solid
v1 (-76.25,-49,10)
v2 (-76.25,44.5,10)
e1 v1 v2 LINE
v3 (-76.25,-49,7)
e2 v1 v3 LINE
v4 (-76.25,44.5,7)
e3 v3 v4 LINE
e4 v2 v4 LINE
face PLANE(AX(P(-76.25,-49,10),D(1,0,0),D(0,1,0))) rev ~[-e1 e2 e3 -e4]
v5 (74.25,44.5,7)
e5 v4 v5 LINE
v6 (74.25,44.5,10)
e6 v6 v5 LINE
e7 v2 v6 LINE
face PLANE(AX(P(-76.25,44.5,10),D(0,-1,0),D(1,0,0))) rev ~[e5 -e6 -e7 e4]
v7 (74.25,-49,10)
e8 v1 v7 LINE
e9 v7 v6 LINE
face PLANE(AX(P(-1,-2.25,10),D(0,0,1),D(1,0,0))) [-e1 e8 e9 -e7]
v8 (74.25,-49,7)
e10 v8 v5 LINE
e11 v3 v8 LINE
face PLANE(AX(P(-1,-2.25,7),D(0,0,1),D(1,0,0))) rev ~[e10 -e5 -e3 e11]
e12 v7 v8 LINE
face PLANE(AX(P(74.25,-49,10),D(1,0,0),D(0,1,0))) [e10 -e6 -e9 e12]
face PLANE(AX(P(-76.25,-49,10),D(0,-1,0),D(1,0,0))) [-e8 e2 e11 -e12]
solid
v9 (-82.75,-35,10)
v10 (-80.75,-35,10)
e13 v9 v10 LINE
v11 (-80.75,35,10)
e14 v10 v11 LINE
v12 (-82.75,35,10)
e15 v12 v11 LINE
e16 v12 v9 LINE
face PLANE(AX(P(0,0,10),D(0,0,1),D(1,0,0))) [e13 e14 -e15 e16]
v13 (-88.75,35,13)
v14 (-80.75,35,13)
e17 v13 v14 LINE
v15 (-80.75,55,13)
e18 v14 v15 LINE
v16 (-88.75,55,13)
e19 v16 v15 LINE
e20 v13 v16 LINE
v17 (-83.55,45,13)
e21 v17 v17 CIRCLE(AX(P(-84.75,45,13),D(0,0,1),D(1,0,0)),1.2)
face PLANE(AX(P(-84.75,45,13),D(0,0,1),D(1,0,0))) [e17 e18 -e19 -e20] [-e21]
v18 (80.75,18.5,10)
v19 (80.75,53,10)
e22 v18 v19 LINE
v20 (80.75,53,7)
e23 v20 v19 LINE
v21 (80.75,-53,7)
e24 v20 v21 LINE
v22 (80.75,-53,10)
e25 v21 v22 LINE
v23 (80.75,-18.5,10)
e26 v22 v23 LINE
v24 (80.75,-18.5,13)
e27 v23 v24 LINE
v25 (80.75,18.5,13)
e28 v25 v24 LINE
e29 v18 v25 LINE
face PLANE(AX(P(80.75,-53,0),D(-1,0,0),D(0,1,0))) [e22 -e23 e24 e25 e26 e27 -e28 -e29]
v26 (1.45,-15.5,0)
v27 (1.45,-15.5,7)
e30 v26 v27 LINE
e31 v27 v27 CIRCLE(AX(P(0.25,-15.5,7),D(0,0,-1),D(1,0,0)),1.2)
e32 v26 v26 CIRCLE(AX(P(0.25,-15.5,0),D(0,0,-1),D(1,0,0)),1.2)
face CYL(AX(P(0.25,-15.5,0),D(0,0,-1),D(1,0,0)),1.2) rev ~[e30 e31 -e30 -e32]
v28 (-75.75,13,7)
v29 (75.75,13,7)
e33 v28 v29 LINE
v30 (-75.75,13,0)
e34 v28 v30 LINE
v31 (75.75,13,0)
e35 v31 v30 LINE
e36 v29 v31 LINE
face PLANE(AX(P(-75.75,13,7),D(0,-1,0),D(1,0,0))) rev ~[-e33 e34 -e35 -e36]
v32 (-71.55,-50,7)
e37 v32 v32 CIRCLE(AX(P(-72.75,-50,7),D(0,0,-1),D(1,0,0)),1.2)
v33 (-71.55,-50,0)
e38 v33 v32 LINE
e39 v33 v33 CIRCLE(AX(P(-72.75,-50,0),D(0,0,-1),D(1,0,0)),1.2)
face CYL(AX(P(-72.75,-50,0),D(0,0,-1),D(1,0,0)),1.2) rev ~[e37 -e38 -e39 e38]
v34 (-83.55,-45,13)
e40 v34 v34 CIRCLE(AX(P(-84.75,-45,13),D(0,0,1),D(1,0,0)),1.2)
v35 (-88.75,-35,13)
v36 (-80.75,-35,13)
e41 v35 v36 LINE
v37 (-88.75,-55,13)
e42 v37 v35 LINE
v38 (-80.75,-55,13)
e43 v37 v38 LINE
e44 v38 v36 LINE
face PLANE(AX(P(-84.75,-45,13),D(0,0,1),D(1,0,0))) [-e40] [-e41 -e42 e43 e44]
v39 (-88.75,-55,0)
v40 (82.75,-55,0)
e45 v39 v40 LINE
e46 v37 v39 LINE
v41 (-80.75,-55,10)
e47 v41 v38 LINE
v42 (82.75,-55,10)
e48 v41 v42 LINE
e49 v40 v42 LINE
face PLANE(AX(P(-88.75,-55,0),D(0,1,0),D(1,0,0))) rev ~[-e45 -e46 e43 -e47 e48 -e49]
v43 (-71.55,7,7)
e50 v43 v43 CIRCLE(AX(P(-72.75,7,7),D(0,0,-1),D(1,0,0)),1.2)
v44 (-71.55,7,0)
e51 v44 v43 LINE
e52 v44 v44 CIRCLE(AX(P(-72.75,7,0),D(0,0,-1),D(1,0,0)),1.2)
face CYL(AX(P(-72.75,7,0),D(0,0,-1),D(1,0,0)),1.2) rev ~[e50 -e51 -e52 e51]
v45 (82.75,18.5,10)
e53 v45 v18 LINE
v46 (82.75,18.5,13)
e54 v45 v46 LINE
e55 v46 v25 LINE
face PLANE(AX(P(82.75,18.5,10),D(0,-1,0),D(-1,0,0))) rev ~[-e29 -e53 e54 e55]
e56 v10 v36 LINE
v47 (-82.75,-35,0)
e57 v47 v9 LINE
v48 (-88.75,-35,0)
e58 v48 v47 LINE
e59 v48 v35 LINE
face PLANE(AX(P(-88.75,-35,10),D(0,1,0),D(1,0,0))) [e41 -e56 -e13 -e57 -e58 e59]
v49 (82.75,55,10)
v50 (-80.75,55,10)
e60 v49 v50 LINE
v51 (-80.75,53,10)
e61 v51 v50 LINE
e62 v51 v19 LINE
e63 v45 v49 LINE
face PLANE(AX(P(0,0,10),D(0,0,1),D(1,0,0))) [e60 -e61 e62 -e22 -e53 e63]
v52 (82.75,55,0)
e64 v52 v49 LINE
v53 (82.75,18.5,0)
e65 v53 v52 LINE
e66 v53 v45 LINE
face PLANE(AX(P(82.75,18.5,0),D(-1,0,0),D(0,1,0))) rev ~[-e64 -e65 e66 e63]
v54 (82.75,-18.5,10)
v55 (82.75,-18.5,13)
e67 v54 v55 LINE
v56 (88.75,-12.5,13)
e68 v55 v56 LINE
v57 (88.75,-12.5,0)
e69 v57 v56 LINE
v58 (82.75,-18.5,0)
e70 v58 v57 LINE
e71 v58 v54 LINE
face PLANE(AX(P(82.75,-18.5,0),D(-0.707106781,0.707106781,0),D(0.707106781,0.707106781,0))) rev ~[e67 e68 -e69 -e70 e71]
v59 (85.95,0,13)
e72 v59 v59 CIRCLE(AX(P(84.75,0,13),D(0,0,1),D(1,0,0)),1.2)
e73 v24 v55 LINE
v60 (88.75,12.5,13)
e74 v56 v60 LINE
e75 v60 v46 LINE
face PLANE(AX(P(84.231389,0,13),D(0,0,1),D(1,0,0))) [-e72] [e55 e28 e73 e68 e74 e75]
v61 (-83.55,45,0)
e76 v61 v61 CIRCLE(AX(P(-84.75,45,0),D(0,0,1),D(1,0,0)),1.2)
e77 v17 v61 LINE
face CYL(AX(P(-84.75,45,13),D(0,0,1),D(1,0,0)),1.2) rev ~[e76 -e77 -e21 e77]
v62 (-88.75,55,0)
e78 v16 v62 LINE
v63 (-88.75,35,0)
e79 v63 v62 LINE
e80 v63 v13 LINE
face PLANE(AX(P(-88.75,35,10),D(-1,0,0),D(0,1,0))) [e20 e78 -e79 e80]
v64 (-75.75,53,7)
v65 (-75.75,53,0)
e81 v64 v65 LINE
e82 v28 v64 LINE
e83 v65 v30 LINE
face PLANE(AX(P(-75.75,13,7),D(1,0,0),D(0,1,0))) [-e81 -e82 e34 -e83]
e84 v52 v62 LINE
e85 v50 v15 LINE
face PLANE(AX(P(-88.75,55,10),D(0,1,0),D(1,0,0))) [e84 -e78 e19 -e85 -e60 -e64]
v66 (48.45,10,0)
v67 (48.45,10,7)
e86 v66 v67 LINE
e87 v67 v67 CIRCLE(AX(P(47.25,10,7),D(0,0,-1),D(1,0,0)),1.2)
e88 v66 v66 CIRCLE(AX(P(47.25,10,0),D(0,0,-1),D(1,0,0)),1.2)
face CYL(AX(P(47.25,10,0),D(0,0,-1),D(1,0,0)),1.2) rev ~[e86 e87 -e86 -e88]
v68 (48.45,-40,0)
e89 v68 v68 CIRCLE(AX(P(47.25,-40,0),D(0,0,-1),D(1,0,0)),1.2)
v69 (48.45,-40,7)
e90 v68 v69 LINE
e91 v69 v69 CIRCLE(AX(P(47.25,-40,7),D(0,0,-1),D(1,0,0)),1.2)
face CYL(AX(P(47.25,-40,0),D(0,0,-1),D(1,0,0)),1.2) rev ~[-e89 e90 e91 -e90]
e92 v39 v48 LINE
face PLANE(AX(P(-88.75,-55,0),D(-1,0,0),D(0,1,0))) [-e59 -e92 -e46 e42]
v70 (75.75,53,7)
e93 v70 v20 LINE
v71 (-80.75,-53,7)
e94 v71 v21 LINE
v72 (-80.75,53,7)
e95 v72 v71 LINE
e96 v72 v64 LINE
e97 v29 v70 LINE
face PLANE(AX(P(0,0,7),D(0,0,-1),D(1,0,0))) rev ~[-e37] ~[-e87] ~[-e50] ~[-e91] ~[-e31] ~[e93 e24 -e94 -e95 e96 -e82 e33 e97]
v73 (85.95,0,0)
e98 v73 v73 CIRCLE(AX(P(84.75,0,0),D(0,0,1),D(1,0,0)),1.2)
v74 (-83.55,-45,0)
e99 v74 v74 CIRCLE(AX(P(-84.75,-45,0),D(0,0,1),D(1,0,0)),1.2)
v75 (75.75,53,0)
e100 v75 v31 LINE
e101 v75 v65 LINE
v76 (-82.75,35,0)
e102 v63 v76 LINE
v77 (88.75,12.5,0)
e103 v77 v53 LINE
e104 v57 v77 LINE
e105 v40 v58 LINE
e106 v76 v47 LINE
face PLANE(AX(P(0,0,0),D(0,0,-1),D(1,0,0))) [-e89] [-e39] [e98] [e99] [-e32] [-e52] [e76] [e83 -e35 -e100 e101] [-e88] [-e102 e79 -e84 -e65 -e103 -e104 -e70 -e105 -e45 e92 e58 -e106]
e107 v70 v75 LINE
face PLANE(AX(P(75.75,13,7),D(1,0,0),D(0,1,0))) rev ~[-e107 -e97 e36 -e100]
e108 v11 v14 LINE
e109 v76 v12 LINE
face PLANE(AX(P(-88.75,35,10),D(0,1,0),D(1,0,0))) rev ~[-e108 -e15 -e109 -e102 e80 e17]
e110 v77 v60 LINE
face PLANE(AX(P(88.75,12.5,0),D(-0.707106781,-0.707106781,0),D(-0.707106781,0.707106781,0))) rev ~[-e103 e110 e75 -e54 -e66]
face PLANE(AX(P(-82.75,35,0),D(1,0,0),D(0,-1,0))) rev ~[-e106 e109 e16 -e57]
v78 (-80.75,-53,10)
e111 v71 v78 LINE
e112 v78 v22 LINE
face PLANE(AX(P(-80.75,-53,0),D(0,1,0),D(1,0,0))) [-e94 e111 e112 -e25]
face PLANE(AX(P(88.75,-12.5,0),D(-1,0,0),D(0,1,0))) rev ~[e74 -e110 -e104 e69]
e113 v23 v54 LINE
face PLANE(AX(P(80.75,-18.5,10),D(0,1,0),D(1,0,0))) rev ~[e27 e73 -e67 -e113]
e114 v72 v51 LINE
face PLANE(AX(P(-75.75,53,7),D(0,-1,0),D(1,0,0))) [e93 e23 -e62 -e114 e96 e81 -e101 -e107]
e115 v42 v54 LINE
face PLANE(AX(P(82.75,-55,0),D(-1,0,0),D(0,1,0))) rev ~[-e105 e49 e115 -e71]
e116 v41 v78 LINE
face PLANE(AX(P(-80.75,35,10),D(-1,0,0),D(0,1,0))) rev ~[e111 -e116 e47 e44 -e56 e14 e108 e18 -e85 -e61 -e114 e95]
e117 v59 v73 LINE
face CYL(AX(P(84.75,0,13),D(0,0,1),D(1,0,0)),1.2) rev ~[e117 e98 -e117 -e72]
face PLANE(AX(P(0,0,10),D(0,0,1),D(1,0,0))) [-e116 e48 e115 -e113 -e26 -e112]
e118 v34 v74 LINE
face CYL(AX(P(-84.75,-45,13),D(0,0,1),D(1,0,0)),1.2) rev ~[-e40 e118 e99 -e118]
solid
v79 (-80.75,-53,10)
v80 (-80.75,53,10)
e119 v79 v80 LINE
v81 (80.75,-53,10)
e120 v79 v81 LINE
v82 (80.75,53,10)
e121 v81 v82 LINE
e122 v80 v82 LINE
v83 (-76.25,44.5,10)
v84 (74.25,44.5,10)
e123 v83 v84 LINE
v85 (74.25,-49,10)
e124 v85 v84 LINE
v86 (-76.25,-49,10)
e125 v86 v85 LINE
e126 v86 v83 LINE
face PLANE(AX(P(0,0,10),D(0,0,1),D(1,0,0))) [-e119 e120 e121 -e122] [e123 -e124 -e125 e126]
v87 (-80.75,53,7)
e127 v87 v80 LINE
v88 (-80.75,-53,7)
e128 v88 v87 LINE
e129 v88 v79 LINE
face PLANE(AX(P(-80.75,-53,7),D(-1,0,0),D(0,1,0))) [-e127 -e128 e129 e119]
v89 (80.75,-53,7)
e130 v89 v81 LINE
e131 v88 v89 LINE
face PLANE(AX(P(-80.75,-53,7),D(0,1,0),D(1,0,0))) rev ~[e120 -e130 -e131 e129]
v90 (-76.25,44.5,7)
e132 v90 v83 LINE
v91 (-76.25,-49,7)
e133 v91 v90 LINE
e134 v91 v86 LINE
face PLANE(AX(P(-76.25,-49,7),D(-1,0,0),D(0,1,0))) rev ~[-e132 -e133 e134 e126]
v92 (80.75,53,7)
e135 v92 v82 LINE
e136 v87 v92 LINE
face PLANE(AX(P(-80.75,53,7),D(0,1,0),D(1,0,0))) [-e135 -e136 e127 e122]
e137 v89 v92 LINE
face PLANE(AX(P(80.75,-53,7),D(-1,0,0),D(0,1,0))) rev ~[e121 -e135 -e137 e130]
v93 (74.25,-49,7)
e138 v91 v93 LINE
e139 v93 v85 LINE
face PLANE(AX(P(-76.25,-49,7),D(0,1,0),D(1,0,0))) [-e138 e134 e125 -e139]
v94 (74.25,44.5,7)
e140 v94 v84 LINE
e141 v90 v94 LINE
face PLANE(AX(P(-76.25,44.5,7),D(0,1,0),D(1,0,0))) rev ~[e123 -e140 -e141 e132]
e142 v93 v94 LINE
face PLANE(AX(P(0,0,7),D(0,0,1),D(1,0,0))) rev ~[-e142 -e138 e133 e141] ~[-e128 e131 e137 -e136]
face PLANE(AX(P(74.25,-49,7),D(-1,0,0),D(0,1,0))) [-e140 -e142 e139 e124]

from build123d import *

# Parameters (mm, degrees)
F0_W      = 161.5
F0_H      = 106
F0_W_2    = 6
F0_H_2    = 20
F1_DEPTH  = 10
F2_W      = 161.5
F2_H      = 106
F3_DEPTH  = 7
F4_W      = 151.5
F4_H      = 40
F5_DEPTH  = 25
F6_W      = 161.5
F6_H      = 106
F6_W_2    = 150.5
F6_H_2    = 93.5
F7_DEPTH  = 3
F8_W      = 150.5
F8_H      = 93.5
F9_DEPTH  = 3
F10_W     = 8
F10_H     = 20
F11_DEPTH = 3
F12_R     = 1.2
F13_DEPTH = 25
F14_R     = 1.2
F15_DEPTH = 25


with BuildPart() as f1:
    # F0 (on Top) → F1 (new body)
    with BuildSketch(Plane.XY):
        Polygon((-82.75, -55), (82.75, -55), (82.75, -18.5), (82.75, 18.5), (82.75, 55), (-82.75, 55), (-82.75, 35), (-82.75, -35), align=None)
        Rectangle(F0_W, F0_H, mode=Mode.SUBTRACT)
        with Locations((-85.75, -45)):
            Rectangle(F0_W_2, F0_H_2)
        Polygon((82.75, 18.5), (82.75, -18.5), (88.75, -12.5), (88.75, 12.5), align=None)
        with Locations((-85.75, 45)):
            Rectangle(F0_W_2, F0_H_2)
    extrude(amount=F1_DEPTH)

    # F2 (on face) → F3 (join)
    with BuildSketch(Plane(origin=(0, 0, 0), x_dir=(1, 0, 0), z_dir=(0, 0, -1))):
        Rectangle(F2_W, F2_H)
    extrude(amount=-F3_DEPTH)

    # F4 (on face) → F5 (cut)
    with BuildSketch(Plane.XY.offset(7)):
        with Locations((0, 33)):
            Rectangle(F4_W, F4_H)
    extrude(amount=-F5_DEPTH, mode=Mode.SUBTRACT)

    # F10 (on face) → F11 (join)
    with BuildSketch(Plane.XY.offset(10)):
        with Locations((-84.75, 45)):
            Rectangle(F10_W, F10_H)
        with Locations((-84.75, -45)):
            Rectangle(F10_W, F10_H)
        Polygon((88.75, 12.5), (82.75, 18.5), (80.75, 18.5), (80.75, -18.5), (82.75, -18.5), (88.75, -12.5), align=None)
    extrude(amount=F11_DEPTH)

    # F12 (on face) → F13 (cut)
    with BuildSketch(Plane.XY.offset(13)):
        with Locations((-84.75, 45)):
            Circle(F12_R)
        with Locations((84.75, 0)):
            Circle(F12_R)
        with Locations((-84.75, -45)):
            Circle(F12_R)
    extrude(amount=-F13_DEPTH, mode=Mode.SUBTRACT)

    # F14 (on face) → F15 (cut)
    with BuildSketch(Plane(origin=(0, 0, 0), x_dir=(1, 0, 0), z_dir=(0, 0, -1))):
        with Locations((-72.75, 50)):
            Circle(F14_R)
        with Locations((-72.75, -7)):
            Circle(F14_R)
        with Locations((47.25, 40)):
            Circle(F14_R)
        with Locations((47.25, -10)):
            Circle(F14_R)
        with Locations((0.25, 15.5)):
            Circle(F14_R)
    extrude(amount=-F15_DEPTH, mode=Mode.SUBTRACT)


with BuildPart() as f7:
    # F6 (on face) → F7 (new body)
    with BuildSketch(Plane.XY.offset(7)):
        Rectangle(F6_W, F6_H)
        with Locations((-1, -2.25)):
            Rectangle(F6_W_2, F6_H_2, mode=Mode.SUBTRACT)
    extrude(amount=F7_DEPTH)


with BuildPart() as f9:
    # F8 (on face) → F9 (new body)
    with BuildSketch(Plane.XY.offset(10)):
        with Locations((-1, -2.25)):
            Rectangle(F8_W, F8_H)
    extrude(amount=-F9_DEPTH)


solid = Compound([f1.part, f7.part, f9.part])
